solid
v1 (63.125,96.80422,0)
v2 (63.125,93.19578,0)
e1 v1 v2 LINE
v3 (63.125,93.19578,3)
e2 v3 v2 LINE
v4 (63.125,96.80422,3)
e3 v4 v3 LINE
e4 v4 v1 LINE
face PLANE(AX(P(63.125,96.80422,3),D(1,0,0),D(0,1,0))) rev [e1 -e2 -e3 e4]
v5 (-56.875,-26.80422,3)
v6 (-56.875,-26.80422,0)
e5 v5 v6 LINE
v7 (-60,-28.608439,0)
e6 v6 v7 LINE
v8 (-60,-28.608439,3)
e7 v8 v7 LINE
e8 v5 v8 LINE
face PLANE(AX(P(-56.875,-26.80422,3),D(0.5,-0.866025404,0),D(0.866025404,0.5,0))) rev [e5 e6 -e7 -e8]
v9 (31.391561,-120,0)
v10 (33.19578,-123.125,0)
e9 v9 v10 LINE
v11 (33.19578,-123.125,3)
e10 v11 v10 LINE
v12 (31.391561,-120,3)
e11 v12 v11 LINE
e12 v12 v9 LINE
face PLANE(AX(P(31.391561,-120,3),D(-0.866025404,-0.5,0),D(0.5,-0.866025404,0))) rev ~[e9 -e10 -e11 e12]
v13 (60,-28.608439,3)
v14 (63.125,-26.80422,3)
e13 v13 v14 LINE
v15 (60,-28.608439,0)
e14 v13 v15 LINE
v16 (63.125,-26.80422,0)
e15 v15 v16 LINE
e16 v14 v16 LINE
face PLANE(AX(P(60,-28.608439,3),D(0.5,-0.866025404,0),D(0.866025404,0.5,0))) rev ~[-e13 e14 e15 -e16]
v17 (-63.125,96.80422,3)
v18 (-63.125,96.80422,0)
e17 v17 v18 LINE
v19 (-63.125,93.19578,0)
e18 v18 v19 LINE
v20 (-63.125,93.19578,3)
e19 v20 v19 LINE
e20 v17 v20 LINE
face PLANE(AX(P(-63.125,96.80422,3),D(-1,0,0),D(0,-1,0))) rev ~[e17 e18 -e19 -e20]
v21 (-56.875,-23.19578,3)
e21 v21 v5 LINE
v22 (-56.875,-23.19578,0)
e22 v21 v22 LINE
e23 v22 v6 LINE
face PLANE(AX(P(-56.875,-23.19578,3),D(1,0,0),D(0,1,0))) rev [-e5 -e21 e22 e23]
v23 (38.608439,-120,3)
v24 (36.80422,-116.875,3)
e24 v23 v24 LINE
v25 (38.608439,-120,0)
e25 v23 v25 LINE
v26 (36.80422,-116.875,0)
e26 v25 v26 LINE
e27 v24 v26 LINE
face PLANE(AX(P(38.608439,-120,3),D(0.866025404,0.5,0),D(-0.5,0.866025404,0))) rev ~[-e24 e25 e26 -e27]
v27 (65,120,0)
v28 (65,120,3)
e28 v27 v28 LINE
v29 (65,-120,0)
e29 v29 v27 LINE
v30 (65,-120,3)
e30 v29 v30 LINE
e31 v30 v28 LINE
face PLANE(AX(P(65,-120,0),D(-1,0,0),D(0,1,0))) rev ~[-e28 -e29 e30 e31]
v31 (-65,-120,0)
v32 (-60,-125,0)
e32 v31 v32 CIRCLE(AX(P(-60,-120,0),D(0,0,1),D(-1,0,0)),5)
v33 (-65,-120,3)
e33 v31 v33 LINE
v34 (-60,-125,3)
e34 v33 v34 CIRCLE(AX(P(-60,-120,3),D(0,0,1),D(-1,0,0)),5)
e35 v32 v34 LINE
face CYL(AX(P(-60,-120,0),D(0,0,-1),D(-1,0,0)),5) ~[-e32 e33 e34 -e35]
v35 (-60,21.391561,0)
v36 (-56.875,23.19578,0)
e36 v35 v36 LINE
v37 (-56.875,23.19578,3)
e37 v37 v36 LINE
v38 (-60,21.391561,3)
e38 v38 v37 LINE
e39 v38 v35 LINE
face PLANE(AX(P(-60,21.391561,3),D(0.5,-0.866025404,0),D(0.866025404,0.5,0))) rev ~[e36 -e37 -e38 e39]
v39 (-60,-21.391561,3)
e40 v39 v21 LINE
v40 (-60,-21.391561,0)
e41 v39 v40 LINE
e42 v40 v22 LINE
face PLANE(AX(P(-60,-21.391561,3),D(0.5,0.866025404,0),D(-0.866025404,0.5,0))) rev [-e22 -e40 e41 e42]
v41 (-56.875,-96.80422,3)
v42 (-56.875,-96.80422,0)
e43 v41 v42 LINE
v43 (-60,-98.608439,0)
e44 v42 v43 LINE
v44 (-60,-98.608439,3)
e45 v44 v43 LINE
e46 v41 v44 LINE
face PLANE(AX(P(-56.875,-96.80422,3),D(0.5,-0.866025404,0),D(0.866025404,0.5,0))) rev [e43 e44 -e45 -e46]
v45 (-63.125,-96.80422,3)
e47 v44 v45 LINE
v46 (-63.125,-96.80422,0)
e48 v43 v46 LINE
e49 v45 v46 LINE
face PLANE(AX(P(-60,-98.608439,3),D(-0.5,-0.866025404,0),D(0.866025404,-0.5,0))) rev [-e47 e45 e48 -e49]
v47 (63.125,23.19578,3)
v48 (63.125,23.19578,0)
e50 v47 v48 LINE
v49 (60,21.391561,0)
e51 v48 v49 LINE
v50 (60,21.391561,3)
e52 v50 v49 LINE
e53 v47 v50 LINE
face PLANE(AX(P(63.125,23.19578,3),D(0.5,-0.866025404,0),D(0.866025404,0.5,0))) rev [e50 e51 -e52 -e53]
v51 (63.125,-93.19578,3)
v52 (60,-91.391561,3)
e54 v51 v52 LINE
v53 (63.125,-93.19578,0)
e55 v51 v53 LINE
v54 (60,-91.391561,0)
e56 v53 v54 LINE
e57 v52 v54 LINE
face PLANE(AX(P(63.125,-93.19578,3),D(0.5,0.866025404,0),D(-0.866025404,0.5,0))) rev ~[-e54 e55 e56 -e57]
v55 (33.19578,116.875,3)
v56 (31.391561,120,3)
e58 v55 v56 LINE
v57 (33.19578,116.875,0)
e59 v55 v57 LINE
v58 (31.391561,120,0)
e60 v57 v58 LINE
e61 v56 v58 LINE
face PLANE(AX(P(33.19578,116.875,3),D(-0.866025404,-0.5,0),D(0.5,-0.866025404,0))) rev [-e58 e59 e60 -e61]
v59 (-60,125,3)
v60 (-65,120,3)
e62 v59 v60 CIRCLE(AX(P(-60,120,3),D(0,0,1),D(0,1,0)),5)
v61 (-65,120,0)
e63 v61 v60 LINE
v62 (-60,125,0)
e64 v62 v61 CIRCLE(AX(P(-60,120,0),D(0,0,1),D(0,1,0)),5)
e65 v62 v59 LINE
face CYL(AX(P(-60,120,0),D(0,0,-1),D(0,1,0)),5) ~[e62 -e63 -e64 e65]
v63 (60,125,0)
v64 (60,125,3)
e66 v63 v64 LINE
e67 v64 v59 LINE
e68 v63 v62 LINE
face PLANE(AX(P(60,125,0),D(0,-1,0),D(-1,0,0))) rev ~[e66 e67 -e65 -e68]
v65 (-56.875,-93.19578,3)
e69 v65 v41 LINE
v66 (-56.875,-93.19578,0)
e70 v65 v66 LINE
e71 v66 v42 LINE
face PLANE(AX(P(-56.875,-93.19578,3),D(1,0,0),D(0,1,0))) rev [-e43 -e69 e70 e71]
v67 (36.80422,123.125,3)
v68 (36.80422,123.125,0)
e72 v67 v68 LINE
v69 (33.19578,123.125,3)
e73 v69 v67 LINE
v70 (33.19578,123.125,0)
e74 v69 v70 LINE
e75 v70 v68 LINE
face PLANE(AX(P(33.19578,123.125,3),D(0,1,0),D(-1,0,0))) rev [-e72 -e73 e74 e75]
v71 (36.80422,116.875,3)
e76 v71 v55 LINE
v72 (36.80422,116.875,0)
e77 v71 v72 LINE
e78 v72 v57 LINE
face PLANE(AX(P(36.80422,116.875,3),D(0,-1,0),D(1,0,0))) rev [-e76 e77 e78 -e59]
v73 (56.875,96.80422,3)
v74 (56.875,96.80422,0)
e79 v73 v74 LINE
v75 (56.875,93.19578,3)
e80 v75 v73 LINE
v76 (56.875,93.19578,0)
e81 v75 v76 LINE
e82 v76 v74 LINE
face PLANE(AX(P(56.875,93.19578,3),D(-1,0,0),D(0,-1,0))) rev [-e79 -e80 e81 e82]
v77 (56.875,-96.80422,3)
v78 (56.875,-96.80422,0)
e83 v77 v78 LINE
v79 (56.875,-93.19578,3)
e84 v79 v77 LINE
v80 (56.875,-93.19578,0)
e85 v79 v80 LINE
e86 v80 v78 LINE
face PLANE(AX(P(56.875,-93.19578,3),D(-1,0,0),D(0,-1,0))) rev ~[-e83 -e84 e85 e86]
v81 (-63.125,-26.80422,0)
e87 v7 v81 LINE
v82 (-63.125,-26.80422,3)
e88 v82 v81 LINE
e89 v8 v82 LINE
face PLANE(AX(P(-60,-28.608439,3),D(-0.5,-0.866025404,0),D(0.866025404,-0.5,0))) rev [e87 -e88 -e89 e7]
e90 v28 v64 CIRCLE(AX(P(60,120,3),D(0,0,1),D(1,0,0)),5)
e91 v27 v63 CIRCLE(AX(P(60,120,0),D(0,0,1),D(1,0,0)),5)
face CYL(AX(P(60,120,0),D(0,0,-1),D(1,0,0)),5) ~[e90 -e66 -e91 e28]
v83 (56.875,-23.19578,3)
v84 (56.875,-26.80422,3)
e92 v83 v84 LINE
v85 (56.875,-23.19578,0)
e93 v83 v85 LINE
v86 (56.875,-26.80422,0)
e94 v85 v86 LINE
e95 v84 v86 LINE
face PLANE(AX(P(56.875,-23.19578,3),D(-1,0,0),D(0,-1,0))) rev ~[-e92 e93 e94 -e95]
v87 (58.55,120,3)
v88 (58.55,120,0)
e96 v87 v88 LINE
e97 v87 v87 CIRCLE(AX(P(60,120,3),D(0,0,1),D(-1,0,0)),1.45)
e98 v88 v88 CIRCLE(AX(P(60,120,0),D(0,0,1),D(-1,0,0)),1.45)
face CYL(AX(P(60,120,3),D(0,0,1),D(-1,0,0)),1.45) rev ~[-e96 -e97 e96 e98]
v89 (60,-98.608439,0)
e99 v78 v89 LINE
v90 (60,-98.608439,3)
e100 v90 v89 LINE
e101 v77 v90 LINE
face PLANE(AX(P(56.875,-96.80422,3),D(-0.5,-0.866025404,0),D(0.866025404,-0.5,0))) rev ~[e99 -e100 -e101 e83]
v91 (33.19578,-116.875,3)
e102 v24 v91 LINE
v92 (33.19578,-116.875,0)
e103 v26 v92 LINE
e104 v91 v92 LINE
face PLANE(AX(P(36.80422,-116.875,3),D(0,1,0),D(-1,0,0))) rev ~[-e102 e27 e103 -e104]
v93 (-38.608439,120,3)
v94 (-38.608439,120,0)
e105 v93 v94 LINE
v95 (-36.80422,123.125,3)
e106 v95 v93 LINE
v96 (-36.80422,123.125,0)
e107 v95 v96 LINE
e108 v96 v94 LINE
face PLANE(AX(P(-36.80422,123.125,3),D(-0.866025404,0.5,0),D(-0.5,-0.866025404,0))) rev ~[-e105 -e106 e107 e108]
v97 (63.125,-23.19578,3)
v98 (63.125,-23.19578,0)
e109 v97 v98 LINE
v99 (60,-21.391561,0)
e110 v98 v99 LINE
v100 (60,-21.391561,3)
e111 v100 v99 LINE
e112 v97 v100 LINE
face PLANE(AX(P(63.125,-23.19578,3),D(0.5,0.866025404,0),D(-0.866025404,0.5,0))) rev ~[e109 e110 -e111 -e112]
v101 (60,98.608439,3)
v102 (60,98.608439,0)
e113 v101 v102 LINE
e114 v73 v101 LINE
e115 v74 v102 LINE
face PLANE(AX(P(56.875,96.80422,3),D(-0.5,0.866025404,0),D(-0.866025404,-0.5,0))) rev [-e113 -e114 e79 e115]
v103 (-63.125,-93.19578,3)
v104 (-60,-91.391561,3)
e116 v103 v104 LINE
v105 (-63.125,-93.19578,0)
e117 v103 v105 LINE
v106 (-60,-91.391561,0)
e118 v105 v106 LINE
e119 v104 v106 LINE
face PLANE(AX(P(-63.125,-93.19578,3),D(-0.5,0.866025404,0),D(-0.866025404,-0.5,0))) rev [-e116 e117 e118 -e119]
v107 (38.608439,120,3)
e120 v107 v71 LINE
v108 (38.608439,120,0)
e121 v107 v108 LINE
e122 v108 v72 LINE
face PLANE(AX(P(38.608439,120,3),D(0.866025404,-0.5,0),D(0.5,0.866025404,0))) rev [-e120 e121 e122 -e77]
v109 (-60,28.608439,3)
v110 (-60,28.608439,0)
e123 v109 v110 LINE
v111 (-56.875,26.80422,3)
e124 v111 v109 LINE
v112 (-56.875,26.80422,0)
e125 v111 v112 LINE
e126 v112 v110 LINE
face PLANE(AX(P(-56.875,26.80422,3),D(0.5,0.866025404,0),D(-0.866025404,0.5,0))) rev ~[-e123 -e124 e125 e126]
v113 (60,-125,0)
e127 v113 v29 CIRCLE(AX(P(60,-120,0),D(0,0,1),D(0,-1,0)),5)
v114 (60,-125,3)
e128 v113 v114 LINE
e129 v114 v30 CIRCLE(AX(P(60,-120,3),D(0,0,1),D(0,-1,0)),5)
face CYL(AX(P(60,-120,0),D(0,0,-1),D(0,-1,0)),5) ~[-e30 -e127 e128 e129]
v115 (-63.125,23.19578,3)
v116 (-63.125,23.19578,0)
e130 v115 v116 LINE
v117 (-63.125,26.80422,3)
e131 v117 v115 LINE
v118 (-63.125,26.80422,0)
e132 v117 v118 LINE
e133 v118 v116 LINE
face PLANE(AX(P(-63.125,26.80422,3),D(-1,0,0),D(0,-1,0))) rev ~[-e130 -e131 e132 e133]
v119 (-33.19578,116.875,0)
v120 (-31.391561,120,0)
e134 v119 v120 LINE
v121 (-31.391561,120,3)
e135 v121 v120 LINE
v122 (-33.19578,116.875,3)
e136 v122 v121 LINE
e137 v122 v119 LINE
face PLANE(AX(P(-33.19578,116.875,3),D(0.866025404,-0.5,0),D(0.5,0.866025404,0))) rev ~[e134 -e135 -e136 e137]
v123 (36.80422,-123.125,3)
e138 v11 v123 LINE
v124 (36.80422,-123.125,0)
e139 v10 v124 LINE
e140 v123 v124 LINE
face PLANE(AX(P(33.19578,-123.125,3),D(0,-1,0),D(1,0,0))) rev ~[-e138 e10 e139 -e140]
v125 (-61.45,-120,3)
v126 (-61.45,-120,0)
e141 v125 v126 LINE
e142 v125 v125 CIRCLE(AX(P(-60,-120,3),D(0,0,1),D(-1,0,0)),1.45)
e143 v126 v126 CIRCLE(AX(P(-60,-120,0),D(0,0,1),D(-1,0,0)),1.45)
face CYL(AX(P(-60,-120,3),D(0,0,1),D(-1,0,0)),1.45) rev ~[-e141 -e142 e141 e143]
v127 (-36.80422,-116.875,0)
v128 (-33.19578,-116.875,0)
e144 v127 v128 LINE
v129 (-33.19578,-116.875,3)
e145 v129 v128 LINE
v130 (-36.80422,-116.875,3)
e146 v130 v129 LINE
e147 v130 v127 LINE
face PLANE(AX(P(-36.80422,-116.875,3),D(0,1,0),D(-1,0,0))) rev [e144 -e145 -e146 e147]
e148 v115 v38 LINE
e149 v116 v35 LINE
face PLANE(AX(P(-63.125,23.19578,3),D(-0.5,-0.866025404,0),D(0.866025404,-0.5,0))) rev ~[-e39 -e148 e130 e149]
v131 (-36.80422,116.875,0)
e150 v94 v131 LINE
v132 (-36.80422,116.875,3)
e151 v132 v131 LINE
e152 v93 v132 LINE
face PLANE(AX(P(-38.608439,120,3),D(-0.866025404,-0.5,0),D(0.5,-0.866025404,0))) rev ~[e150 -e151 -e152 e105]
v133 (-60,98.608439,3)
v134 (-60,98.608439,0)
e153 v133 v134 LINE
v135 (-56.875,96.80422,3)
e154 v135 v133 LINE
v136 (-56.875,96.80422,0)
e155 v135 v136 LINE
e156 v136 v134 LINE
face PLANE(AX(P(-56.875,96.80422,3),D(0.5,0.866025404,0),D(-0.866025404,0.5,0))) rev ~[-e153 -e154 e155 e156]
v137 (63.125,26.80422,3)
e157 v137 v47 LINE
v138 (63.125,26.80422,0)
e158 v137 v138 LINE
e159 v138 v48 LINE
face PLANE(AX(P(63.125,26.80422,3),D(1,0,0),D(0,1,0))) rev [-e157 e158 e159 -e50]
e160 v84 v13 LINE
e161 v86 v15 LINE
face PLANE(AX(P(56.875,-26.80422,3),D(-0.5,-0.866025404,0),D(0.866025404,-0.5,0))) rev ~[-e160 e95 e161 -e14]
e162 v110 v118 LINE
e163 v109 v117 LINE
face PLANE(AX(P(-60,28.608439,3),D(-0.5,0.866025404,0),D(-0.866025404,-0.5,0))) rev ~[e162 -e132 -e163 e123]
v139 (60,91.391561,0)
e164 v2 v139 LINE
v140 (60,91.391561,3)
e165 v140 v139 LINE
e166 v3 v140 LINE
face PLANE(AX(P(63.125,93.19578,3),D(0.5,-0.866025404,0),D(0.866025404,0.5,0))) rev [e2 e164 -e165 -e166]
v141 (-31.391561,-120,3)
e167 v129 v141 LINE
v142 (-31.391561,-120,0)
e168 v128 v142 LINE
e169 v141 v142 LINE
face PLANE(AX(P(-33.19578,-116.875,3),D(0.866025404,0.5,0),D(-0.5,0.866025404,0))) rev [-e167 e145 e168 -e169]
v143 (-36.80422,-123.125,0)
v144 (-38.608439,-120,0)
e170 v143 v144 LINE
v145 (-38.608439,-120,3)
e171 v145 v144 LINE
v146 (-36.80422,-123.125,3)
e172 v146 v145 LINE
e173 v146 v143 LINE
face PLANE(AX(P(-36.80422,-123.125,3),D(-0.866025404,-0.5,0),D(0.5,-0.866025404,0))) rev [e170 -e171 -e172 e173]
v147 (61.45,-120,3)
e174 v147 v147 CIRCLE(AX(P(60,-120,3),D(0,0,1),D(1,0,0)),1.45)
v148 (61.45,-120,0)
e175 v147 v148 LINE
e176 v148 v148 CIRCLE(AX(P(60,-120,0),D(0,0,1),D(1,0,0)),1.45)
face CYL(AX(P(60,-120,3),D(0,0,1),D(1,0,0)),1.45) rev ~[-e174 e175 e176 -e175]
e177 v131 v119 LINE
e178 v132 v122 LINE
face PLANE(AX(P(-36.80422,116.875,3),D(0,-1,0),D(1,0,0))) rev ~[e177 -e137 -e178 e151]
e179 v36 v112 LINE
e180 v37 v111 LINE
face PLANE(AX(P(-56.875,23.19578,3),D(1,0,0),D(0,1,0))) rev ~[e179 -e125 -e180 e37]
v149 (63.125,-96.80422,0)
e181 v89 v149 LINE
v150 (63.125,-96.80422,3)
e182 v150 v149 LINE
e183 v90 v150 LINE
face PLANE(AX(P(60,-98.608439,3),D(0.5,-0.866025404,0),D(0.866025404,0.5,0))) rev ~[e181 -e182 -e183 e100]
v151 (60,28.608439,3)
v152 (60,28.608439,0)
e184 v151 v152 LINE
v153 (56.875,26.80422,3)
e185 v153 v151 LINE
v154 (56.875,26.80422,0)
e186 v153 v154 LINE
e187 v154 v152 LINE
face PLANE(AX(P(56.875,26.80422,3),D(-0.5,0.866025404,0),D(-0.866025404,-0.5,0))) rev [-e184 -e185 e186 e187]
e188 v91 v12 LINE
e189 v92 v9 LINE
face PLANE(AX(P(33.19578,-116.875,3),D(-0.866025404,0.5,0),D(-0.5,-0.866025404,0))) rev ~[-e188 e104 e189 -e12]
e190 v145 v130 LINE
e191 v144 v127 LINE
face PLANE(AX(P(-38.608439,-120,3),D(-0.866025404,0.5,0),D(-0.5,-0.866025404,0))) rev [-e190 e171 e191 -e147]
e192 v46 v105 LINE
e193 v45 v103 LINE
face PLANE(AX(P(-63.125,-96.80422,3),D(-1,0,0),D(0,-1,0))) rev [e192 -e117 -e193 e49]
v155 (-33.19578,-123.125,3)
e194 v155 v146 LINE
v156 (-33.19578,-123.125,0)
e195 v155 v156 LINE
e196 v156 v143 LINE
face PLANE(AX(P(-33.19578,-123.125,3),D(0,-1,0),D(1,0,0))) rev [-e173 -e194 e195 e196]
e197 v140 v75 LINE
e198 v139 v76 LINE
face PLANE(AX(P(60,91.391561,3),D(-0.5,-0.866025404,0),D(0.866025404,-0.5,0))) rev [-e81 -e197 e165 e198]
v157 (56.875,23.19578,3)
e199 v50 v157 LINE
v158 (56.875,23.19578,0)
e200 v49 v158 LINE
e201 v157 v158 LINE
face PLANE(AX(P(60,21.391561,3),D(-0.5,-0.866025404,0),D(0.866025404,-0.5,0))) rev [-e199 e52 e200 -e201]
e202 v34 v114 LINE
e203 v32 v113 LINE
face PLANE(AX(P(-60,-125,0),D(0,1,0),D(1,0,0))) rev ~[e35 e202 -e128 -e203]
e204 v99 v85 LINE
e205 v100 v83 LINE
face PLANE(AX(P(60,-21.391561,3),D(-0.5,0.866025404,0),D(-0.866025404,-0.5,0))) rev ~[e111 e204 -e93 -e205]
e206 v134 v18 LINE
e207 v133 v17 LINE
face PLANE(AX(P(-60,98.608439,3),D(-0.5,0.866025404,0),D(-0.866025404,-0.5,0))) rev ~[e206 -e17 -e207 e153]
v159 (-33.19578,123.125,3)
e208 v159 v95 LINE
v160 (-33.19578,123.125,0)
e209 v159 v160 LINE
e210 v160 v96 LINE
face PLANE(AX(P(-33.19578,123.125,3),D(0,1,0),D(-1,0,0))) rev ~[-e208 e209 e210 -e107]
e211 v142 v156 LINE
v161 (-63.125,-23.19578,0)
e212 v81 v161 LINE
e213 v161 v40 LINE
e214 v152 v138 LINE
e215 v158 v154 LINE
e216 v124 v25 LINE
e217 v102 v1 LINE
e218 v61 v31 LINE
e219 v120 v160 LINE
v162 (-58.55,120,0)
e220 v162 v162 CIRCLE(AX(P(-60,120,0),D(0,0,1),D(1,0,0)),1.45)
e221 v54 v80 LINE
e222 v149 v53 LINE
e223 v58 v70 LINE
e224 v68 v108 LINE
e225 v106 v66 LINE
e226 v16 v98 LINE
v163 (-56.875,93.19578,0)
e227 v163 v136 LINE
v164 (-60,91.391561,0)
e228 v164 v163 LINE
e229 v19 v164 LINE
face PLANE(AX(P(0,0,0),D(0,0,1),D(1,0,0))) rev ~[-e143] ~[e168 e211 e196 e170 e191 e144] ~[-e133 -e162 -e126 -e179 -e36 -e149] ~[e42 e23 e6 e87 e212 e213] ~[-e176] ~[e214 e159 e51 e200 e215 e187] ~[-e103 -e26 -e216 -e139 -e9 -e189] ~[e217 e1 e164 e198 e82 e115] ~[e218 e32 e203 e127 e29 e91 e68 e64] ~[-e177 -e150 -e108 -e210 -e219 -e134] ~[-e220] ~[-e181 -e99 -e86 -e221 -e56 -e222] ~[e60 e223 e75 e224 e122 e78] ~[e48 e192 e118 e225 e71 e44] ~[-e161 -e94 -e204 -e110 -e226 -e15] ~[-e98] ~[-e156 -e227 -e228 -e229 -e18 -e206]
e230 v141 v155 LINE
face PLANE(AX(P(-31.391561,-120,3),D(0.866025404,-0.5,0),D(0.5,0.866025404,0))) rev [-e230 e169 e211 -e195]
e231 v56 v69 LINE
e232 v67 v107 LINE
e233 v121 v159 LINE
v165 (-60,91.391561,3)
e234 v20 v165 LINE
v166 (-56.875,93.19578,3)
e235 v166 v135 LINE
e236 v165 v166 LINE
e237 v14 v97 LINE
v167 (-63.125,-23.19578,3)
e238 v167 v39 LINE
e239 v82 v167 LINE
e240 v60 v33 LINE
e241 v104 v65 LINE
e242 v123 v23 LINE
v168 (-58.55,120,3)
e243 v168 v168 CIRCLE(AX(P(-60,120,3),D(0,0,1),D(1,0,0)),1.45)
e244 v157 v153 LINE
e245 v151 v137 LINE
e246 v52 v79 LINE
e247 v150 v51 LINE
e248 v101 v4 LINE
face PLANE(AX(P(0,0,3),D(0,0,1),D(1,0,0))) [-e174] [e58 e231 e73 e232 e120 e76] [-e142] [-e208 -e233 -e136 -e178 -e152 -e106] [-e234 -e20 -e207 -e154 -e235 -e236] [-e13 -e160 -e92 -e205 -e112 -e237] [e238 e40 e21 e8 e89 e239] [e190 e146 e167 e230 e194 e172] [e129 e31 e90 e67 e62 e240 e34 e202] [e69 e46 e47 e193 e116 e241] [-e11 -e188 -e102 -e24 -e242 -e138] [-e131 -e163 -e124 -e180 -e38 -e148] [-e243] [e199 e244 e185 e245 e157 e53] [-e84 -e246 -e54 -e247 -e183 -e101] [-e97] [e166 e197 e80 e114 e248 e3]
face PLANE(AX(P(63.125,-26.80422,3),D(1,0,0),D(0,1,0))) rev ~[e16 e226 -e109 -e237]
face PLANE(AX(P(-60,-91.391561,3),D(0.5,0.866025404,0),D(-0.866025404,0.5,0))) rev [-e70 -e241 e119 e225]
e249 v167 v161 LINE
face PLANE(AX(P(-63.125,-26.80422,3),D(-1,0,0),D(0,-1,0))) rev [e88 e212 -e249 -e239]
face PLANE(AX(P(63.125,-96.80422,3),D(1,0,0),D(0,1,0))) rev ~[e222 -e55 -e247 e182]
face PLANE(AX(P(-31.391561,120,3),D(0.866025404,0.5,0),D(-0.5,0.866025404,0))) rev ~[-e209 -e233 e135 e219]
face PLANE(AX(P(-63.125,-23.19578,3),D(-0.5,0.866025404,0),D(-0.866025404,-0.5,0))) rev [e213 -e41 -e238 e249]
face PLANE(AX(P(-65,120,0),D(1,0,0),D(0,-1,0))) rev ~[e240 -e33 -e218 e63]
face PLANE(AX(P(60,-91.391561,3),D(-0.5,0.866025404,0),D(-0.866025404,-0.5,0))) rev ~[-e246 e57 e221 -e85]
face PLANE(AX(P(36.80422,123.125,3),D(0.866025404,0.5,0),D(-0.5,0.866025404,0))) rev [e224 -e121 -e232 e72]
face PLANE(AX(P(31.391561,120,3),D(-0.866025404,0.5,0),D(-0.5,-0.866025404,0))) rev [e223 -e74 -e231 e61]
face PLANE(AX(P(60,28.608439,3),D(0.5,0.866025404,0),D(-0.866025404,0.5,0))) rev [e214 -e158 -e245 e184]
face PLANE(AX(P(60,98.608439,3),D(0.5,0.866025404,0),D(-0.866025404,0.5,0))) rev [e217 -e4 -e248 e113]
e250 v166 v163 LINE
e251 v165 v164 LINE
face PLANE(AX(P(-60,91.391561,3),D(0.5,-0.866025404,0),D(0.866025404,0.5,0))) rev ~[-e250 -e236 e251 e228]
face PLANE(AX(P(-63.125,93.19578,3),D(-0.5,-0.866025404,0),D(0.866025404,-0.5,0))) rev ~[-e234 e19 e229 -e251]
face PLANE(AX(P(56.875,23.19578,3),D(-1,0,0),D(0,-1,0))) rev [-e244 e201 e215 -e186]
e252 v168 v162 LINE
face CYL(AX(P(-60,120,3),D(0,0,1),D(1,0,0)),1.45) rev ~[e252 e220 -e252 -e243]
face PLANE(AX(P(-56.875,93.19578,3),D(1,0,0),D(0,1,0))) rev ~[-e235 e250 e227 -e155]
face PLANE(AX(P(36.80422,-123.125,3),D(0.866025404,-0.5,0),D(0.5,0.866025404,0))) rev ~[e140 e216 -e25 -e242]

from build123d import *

# Parameters (mm, degrees)
BOSS_EXTRUDE1_DEPTH  = 3
SKETCH2_R            = 1.45
CUT_EXTRUDE1_DEPTH   = 141.921964221
CUT_EXTRUDE2_DEPTH   = 141.921964221
MIRROR2_COPY_1_DEPTH = 141.921964221


with BuildPart() as part:
    # Sketch1 → Boss-Extrude1 (new body)
    with BuildSketch(Plane.XY):
        with BuildLine():
            Line((-60, -125), (60, -125))
            ThreePointArc((60, -125), (63.535533906, -123.535533906), (65, -120))
            Line((65, -120), (65, 120))
            ThreePointArc((65, 120), (63.535533906, 123.535533906), (60, 125))
            Line((60, 125), (-60, 125))
            ThreePointArc((-60, 125), (-63.535533906, 123.535533906), (-65, 120))
            Line((-65, 120), (-65, -120))
            ThreePointArc((-65, -120), (-63.535533906, -123.535533906), (-60, -125))
        make_face()
    extrude(amount=BOSS_EXTRUDE1_DEPTH)

    # Sketch2 → Cut-Extrude1 (cut, through all)
    with BuildSketch(Plane.XY.offset(3)):
        with Locations((-60, 120)):
            Circle(SKETCH2_R)
        with Locations(Location((-60, -120, 0), (0, 0, 180))):
            Circle(SKETCH2_R)
        with Locations((60, -120)):
            Circle(SKETCH2_R)
        with Locations(Location((60, 120, 0), (0, 0, 180))):
            Circle(SKETCH2_R)
    extrude(amount=-CUT_EXTRUDE1_DEPTH, mode=Mode.SUBTRACT)

    # Sketch3 → Cut-Extrude2 (cut, through all)
    with BuildSketch(Plane.XY.offset(3)):
        Polygon((-33.195780409, 123.125), (-36.804219591, 123.125), (-38.608439182, 120), (-36.804219591, 116.875), (-33.195780409, 116.875), (-31.391560818, 120), align=None)
        Polygon((-56.875, 96.804219591), (-60, 98.608439182), (-63.125, 96.804219591), (-63.125, 93.195780409), (-60, 91.391560818), (-56.875, 93.195780409), align=None)
        Polygon((-56.875, 26.804219591), (-60, 28.608439182), (-63.125, 26.804219591), (-63.125, 23.195780409), (-60, 21.391560818), (-56.875, 23.195780409), align=None)
    cut_extrude2 = extrude(amount=-CUT_EXTRUDE2_DEPTH, mode=Mode.SUBTRACT)

    # Mirror1: Cut-Extrude2 across plane
    add(cut_extrude2.mirror(Plane(origin=(0, 0, 0), x_dir=(0, 0, 1), z_dir=(1, 0, 0))), mode=Mode.SUBTRACT)

    # Mirror2: Cut-Extrude2 across plane
    add(cut_extrude2.mirror(Plane.ZX), mode=Mode.SUBTRACT)

    # Mirror2 copy 1 sketch → Mirror2 copy 1 (cut, through all)
    with BuildSketch(Plane(origin=(0, 0, 3), x_dir=(-1, 0, 0), z_dir=(0, 0, 1))):
        Polygon((-33.195780409, 123.125), (-36.804219591, 123.125), (-38.608439182, 120), (-36.804219591, 116.875), (-33.195780409, 116.875), (-31.391560818, 120), align=None)
        Polygon((-56.875, 96.804219591), (-60, 98.608439182), (-63.125, 96.804219591), (-63.125, 93.195780409), (-60, 91.391560818), (-56.875, 93.195780409), align=None)
        Polygon((-56.875, 26.804219591), (-60, 28.608439182), (-63.125, 26.804219591), (-63.125, 23.195780409), (-60, 21.391560818), (-56.875, 23.195780409), align=None)
    extrude(amount=-MIRROR2_COPY_1_DEPTH, mode=Mode.SUBTRACT)


solid = part.part
